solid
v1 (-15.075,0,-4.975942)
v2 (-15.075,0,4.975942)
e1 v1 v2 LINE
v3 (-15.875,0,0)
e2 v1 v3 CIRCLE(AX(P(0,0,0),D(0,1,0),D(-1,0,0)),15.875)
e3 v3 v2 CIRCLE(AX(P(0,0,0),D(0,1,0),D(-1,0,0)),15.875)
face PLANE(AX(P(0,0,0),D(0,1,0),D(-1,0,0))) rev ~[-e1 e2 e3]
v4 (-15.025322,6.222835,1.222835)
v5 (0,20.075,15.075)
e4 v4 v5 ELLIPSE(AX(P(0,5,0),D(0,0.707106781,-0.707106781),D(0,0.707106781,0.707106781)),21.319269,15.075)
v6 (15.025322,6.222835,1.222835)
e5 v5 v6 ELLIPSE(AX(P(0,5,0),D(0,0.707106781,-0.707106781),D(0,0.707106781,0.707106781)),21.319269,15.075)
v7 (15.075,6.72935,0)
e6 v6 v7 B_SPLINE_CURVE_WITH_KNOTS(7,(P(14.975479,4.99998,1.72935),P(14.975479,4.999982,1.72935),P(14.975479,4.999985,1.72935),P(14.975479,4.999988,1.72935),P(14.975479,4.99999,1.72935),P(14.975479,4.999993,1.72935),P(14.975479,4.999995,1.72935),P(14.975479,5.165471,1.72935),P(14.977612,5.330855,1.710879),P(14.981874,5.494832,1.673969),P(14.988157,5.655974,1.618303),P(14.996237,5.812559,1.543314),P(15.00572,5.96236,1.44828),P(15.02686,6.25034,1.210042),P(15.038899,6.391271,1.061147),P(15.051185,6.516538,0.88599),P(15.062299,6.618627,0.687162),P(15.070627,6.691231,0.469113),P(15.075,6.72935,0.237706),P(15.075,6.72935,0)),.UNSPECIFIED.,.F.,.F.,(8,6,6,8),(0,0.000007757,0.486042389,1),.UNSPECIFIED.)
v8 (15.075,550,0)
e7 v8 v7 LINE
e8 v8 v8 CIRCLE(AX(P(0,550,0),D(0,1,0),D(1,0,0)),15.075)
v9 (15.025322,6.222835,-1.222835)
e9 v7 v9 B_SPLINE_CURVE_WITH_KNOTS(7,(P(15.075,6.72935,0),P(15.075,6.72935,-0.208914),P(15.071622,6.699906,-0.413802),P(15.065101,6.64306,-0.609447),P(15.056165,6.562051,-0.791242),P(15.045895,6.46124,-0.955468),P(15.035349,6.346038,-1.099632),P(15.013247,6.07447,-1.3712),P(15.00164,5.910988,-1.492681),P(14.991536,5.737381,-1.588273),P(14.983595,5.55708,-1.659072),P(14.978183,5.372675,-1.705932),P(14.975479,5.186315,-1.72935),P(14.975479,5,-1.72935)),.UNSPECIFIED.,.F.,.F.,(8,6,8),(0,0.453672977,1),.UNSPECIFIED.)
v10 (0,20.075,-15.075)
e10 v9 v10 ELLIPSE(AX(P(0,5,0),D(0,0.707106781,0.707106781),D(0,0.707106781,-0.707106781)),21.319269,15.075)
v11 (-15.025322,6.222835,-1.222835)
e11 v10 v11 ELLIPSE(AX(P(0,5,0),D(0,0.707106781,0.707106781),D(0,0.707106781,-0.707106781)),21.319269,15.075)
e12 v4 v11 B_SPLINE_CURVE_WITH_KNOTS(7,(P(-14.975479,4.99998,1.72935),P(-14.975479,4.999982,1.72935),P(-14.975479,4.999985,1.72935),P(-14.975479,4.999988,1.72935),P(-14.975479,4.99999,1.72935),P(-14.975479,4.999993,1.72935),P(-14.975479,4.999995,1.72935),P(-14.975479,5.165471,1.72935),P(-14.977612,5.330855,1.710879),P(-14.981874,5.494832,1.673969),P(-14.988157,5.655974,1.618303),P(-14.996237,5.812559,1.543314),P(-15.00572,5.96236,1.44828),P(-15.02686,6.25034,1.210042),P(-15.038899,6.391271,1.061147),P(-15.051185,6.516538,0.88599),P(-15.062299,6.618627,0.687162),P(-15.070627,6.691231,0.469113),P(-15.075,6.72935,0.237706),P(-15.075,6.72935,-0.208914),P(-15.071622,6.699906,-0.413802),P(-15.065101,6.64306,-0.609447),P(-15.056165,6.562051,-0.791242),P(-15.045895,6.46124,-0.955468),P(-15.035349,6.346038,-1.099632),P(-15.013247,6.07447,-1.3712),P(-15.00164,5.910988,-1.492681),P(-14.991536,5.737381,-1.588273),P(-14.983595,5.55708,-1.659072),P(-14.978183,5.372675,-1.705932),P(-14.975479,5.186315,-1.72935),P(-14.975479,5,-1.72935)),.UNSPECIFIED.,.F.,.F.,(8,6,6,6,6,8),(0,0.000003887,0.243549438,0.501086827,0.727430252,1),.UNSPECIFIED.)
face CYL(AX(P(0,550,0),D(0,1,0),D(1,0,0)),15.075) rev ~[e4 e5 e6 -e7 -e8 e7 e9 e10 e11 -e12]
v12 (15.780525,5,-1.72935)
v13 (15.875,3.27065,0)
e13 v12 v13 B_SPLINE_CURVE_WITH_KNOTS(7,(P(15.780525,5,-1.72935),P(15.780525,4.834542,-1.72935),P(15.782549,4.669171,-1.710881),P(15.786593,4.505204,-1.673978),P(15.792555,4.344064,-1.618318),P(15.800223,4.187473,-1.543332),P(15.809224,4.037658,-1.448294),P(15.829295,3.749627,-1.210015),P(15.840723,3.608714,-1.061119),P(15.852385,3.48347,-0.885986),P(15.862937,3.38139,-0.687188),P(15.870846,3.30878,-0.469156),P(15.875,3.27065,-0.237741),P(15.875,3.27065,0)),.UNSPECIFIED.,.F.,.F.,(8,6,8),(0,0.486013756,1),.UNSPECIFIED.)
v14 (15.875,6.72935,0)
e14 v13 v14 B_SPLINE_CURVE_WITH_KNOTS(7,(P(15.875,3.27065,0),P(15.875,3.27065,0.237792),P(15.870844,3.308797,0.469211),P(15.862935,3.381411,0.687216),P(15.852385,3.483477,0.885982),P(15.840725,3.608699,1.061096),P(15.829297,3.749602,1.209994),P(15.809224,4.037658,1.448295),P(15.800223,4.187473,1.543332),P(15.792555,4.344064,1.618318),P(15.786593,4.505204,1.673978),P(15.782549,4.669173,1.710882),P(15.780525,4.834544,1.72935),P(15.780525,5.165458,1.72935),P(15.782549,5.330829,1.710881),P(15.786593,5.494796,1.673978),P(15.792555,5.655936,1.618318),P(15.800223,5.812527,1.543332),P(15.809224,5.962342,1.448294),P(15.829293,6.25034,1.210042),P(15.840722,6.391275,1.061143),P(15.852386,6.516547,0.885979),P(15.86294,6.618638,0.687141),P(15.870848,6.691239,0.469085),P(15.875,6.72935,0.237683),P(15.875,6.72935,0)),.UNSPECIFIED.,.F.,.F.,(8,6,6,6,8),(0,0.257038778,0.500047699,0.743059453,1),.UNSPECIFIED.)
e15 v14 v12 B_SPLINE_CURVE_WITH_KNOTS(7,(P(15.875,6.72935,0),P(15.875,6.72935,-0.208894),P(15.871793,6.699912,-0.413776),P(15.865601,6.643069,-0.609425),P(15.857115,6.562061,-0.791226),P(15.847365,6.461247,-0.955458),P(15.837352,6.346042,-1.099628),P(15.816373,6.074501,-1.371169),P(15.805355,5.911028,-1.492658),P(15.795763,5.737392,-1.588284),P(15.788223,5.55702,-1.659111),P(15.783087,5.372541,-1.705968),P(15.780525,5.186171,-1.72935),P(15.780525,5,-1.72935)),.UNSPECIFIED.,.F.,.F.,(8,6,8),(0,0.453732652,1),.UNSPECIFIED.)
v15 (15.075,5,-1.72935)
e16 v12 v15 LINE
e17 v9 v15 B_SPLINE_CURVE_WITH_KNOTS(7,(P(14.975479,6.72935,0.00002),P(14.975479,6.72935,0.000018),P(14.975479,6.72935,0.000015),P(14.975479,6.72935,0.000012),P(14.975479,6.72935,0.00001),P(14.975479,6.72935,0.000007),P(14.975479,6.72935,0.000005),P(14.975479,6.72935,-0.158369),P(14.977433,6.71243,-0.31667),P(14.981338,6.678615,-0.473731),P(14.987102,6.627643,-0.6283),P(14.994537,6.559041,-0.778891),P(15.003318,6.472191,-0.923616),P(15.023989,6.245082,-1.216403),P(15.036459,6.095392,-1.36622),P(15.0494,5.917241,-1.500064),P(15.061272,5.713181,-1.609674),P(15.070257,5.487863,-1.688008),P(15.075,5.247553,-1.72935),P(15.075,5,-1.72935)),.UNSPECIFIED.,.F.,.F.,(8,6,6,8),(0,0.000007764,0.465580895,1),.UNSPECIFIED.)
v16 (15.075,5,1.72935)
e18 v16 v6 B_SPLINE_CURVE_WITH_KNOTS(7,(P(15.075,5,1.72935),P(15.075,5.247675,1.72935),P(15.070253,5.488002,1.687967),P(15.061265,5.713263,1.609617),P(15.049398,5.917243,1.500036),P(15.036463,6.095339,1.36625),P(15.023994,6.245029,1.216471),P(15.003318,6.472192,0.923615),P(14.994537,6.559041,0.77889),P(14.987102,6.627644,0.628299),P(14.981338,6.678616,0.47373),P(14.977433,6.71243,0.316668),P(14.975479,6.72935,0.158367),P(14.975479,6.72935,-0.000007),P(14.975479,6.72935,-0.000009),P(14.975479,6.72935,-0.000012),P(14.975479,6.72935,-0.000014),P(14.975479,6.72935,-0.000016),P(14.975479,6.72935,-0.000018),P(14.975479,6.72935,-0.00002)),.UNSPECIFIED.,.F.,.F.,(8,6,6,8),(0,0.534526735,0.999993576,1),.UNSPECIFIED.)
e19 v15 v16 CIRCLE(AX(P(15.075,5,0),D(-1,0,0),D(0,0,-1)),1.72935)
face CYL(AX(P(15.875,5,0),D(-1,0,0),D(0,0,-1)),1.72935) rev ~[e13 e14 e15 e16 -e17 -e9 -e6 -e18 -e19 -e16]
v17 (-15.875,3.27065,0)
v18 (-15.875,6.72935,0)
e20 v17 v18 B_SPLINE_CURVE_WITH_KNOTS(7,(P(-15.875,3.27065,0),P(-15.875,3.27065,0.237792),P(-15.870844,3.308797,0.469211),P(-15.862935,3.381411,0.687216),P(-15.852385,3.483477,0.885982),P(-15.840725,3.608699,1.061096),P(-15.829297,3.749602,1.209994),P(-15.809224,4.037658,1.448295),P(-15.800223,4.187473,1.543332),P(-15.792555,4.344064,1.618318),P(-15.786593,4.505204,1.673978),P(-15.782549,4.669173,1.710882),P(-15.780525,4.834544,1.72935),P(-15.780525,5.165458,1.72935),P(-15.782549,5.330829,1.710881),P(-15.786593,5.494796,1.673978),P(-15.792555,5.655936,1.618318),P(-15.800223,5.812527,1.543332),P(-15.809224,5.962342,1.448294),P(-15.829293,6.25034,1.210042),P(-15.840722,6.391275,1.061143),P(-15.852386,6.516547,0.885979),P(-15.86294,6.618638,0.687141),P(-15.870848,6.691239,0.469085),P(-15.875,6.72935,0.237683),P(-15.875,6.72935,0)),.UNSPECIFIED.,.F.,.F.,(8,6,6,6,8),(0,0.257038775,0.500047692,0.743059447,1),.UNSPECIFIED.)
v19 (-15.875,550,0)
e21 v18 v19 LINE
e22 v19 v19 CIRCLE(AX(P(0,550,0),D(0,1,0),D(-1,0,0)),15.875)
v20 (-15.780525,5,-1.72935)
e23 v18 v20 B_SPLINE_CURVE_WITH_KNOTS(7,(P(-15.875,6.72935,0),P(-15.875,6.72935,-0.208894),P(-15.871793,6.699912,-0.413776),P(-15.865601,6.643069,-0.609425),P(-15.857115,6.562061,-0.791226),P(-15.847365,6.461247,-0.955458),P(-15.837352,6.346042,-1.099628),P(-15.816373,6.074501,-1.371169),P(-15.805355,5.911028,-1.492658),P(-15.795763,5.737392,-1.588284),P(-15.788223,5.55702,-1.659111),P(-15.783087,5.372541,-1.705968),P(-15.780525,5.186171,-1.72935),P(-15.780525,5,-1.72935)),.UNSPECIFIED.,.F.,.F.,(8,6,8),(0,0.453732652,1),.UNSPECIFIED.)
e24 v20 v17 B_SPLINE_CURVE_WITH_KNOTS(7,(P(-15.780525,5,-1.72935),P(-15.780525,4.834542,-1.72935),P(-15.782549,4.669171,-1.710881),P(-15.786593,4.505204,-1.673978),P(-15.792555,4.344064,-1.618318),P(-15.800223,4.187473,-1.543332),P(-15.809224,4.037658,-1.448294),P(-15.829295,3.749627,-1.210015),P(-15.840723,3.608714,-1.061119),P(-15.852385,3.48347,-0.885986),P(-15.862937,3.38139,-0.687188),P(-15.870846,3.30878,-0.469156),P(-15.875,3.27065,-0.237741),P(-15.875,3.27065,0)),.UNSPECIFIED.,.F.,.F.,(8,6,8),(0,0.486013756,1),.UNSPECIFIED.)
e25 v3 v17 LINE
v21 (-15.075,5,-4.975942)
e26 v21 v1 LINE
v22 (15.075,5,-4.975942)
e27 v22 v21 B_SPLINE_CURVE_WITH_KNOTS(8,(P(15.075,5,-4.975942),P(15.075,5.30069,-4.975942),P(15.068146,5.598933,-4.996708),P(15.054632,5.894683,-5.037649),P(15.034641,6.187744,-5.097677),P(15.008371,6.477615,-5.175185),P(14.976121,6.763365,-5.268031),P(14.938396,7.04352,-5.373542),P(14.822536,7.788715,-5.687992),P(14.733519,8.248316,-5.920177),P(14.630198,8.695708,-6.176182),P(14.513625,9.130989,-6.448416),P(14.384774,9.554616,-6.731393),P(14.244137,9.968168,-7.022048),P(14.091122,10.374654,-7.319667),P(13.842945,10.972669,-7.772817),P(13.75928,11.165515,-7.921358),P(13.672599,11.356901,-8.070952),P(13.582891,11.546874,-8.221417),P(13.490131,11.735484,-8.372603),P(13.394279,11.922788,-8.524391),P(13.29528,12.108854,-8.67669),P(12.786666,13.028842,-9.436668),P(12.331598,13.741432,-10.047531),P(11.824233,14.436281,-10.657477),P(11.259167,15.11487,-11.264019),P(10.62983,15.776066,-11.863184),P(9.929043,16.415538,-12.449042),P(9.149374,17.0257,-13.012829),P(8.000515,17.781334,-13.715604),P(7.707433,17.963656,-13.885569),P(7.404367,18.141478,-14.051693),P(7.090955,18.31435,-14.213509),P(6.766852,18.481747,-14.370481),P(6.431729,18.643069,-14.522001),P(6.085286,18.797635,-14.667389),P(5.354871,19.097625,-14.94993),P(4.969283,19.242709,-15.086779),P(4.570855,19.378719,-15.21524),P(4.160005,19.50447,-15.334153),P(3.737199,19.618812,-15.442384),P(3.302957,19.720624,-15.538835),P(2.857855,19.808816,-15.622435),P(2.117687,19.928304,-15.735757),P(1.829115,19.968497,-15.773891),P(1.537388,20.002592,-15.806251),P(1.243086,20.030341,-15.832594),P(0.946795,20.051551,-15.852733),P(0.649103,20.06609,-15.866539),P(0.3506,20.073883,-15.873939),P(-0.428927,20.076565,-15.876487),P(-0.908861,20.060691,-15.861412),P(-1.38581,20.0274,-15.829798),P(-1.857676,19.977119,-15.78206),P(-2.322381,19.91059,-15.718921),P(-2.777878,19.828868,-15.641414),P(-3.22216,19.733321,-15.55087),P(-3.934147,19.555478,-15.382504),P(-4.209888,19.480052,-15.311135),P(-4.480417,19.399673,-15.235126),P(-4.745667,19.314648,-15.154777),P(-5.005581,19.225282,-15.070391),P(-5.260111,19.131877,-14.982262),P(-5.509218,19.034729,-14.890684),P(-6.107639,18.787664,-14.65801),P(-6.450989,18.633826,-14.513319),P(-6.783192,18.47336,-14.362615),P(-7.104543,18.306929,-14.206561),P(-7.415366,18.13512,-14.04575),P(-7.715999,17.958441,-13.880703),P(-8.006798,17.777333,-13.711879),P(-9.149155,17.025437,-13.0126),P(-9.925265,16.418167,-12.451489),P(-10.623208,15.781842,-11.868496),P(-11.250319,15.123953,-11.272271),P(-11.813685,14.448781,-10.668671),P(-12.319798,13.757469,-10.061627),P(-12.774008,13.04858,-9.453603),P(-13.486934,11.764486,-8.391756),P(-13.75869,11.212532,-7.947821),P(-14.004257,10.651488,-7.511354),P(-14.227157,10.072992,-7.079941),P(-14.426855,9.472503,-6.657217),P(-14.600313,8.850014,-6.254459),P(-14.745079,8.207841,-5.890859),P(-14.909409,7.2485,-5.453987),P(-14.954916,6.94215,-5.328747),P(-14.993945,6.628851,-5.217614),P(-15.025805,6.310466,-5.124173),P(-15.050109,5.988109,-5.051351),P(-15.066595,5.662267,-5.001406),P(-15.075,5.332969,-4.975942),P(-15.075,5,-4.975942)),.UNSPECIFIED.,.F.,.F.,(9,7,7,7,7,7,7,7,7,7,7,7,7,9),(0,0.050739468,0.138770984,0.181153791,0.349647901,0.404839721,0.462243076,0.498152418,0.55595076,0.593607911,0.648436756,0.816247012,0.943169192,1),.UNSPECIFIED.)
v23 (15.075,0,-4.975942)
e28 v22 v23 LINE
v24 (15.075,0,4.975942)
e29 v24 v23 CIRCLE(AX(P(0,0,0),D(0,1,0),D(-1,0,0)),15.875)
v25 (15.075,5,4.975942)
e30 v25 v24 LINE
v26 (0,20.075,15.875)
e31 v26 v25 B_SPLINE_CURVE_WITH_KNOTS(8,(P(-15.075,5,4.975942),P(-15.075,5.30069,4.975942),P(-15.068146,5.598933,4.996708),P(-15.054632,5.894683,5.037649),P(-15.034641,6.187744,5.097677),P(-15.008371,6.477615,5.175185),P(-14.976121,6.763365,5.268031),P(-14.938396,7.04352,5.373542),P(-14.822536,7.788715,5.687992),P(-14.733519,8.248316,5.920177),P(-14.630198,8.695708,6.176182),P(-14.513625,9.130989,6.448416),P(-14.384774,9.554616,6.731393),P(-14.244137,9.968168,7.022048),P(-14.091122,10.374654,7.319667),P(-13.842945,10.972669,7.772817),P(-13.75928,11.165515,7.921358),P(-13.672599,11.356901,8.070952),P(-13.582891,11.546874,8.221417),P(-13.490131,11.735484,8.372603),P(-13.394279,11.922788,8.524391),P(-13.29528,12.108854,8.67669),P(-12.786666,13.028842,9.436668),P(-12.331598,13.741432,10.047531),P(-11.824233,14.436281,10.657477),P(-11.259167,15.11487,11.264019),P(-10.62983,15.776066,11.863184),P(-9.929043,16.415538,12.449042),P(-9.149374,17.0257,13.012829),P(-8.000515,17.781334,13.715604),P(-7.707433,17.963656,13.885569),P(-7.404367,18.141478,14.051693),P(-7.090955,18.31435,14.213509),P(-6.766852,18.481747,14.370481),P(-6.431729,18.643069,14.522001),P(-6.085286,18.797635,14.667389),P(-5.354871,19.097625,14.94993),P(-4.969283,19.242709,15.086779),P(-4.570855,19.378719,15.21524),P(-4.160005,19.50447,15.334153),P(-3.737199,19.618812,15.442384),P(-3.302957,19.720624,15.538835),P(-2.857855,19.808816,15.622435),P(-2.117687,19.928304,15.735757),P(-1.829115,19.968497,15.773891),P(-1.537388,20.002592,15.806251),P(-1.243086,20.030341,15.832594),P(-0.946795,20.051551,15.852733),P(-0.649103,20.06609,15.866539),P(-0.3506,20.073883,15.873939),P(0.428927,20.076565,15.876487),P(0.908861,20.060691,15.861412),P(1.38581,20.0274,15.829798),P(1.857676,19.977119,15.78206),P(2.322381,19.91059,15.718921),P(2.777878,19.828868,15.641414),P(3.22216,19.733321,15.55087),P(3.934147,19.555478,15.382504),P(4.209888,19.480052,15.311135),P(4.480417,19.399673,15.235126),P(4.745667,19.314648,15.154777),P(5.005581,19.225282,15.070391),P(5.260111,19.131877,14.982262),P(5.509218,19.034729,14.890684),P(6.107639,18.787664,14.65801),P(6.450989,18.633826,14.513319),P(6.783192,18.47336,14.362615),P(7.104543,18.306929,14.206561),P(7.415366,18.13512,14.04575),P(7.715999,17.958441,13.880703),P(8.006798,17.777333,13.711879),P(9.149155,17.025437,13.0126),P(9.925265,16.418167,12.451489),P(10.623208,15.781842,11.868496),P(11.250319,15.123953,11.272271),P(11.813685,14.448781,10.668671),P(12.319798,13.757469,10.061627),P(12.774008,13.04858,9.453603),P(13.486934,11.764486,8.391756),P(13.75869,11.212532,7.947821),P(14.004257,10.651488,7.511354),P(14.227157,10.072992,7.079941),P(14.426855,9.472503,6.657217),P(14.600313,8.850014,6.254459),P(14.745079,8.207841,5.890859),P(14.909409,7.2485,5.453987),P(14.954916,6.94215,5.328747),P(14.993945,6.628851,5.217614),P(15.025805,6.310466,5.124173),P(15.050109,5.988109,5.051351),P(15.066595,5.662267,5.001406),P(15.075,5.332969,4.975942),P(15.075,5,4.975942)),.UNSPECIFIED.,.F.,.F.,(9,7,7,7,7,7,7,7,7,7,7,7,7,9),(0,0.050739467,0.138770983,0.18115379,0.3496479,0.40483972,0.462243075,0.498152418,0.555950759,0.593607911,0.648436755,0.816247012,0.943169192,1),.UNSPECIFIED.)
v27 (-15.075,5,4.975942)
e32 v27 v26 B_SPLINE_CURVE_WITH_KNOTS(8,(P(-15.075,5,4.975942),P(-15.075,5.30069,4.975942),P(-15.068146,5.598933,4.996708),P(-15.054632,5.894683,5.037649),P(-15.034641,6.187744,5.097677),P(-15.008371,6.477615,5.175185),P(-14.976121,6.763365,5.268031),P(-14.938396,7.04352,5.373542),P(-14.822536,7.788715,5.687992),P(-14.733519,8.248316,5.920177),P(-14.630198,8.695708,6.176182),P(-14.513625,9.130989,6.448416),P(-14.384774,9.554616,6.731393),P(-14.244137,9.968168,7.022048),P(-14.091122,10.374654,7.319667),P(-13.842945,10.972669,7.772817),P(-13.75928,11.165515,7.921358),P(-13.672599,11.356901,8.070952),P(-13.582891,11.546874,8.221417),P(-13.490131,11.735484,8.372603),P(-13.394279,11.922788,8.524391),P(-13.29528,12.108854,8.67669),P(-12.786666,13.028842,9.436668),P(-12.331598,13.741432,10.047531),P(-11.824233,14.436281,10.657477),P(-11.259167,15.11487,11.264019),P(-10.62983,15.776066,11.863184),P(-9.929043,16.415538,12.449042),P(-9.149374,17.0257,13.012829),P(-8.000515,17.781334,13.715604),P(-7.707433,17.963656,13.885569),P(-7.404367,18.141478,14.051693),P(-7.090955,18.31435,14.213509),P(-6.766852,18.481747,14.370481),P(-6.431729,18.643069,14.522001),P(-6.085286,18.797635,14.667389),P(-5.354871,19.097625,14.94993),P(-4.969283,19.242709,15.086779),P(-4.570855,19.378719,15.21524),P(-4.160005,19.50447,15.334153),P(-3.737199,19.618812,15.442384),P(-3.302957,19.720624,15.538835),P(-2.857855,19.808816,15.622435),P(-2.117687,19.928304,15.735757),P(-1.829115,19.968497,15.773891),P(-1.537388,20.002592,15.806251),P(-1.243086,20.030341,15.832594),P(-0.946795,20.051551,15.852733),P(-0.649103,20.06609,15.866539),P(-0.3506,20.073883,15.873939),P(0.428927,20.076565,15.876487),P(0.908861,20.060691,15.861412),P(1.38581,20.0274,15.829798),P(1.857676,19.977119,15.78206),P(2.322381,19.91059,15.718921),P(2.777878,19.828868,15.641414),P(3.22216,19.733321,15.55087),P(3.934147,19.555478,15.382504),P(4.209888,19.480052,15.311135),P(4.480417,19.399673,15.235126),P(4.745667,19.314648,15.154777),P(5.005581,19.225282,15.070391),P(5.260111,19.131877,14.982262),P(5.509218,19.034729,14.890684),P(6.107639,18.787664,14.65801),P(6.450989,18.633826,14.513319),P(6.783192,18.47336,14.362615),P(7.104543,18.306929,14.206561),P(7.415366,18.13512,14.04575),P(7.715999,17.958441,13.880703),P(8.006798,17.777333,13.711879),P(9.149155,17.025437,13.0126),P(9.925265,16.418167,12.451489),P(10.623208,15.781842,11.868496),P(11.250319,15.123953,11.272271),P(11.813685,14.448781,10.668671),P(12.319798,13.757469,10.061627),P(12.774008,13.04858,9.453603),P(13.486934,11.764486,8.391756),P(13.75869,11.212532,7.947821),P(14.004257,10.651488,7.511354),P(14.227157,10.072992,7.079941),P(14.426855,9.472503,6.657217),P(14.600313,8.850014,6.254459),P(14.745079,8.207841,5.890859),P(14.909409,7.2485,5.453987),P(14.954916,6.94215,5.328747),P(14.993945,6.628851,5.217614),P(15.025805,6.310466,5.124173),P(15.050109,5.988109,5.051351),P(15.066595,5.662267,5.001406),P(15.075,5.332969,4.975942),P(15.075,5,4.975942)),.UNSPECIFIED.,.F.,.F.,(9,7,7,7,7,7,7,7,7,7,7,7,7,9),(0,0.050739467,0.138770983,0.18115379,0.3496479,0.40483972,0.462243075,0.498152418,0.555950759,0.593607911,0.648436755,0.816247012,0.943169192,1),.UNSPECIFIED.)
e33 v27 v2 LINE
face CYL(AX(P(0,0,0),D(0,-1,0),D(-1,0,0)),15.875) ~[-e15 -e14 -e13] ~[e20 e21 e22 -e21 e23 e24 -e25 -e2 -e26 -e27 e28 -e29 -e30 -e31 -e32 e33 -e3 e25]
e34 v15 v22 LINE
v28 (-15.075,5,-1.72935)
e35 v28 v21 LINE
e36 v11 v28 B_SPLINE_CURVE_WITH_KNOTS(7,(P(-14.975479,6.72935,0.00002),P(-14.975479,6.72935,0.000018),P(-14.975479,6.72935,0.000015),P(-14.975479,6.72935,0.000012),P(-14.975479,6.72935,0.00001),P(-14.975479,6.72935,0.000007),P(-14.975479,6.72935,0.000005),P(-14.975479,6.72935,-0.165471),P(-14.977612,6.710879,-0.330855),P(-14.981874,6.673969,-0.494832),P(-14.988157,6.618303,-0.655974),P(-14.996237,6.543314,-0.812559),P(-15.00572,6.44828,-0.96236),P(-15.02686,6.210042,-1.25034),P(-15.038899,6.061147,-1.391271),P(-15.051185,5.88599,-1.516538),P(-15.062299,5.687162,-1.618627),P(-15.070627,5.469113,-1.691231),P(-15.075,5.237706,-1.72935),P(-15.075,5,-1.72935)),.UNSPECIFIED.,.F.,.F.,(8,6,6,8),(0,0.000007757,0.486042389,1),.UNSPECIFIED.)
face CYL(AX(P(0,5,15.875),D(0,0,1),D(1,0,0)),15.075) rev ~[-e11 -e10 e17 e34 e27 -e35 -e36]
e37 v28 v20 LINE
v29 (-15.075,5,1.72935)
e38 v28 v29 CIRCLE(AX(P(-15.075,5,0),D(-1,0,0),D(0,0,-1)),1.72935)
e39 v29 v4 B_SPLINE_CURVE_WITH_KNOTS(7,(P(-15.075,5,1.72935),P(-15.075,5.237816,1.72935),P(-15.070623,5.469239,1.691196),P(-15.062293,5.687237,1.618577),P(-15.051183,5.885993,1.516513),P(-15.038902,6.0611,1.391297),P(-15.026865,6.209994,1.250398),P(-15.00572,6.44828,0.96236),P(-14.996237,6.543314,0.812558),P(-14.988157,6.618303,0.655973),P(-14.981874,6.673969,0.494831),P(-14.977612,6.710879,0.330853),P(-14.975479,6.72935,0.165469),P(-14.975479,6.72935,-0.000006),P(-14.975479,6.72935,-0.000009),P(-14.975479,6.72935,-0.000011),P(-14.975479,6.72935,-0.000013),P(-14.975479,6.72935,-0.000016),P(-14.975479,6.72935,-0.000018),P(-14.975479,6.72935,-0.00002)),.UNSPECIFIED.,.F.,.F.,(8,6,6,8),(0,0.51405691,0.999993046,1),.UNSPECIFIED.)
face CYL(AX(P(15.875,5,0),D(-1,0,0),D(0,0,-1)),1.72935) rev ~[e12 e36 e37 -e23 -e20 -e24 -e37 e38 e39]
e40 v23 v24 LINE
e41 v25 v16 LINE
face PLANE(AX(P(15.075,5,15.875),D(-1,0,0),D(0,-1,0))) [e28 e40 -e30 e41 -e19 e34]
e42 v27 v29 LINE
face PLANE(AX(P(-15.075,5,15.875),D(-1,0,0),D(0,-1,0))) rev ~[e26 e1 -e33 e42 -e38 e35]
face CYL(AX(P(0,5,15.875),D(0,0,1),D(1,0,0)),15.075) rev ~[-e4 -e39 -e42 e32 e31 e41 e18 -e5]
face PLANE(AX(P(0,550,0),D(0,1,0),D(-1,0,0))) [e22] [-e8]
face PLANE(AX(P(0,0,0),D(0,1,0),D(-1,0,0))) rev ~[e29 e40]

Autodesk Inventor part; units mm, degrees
ref_plane "YZ Plane" through (0, 0, 0) normal (1, 0, 0) x (0, 1, 0)
sketch "Sketch1" plane through (0, 0, 0) normal (0, 1, 0) x (-1, 0, 0)
  circle A0 centre (0, 0) radius 15.875
  dimension "d0" = 31.75
extrude "Extrusion1" add sketch "Sketch1" along normal blind 550
sketch "Sketch7" plane through (0, 550, 0) normal (0, 1, 0) x (1, 0, 0)
  circle A0 centre (0, 0) radius 15.075
  dimension "d23" = 30.15
extrude "Extrusion3" cut sketch "Sketch7" against normal through all
sketch "Sketch8" plane through (0, 0, 0) normal (0, -1, 0) x (1, 0, 0)
  circle A0 centre (0, 0) radius 15.875 projected
  point P0 (0, 15.875)
ref_plane "Work Plane3" through (0, 0, 15.875) normal (0, 0, 1) x (1, 0, 0)
sketch "Sketch9" plane through (0, 0, 15.875) normal (0, 0, 1) x (1, 0, 0)
  arc A0 (15.075, 5) -> (-15.075, 5) centre (0, 5) ccw
  line L0 (-15.075, 5) -> (-15.075, 0)
  line L1 (15.875, 0) -> (-15.875, 0) projected
  line L2 (15.075, 5) -> (15.075, 0)
  point P0 (0, 0)
  dimension "d26" = 5
  dimension "d27" = 30.15
extrude "Extrusion4" cut sketch "Sketch9" against normal through all
sketch "Sketch10" plane through (0, 0, 0) normal (0, -1, 0) x (1, 0, 0)
  circle A0 centre (0, 0) radius 15.875 projected
  point P0 (15.875, 0)
ref_plane "Work Plane4" through (15.875, 0, 0) normal (1, 0, 0) x (0, 1, 0)
sketch "Sketch11" plane through (15.875, 0, 0) normal (1, 0, 0) x (0, 1, 0)
  line L0 (0, -4.9759) -> (0, 4.9759) projected
  point P0 (0, 0)
  point P1 (5, 0)
  point P2 (0, 0)
  dimension "d30" = 5
hole "Hole3" at (15.875, 5, 0) direction (-1, 0, 0) diameter 3.4587 end through all thread size "M4x0.5" class "6H" standard "ISO Metric profile"
equation "\"d36\" = Thickness"
equation "\"BendRadius\" = Thickness"
equation "\"BendReliefWidth\" = Thickness"
equation "\"BendReliefDepth\" = 0.5 * Thickness"
equation "\"CornerReliefSize\" = 4 * Thickness"
equation "\"MinimumRemnant\" = 2 * Thickness"
equation "\"TransitionRadius\" = BendRadius"
equation "\"JacobiRadiusSize\" = BendRadius"
equation "\"GapSize\" = Thickness"
equation "\"Thickness\" = 0.5"
properties part number "Output link body_ final"
